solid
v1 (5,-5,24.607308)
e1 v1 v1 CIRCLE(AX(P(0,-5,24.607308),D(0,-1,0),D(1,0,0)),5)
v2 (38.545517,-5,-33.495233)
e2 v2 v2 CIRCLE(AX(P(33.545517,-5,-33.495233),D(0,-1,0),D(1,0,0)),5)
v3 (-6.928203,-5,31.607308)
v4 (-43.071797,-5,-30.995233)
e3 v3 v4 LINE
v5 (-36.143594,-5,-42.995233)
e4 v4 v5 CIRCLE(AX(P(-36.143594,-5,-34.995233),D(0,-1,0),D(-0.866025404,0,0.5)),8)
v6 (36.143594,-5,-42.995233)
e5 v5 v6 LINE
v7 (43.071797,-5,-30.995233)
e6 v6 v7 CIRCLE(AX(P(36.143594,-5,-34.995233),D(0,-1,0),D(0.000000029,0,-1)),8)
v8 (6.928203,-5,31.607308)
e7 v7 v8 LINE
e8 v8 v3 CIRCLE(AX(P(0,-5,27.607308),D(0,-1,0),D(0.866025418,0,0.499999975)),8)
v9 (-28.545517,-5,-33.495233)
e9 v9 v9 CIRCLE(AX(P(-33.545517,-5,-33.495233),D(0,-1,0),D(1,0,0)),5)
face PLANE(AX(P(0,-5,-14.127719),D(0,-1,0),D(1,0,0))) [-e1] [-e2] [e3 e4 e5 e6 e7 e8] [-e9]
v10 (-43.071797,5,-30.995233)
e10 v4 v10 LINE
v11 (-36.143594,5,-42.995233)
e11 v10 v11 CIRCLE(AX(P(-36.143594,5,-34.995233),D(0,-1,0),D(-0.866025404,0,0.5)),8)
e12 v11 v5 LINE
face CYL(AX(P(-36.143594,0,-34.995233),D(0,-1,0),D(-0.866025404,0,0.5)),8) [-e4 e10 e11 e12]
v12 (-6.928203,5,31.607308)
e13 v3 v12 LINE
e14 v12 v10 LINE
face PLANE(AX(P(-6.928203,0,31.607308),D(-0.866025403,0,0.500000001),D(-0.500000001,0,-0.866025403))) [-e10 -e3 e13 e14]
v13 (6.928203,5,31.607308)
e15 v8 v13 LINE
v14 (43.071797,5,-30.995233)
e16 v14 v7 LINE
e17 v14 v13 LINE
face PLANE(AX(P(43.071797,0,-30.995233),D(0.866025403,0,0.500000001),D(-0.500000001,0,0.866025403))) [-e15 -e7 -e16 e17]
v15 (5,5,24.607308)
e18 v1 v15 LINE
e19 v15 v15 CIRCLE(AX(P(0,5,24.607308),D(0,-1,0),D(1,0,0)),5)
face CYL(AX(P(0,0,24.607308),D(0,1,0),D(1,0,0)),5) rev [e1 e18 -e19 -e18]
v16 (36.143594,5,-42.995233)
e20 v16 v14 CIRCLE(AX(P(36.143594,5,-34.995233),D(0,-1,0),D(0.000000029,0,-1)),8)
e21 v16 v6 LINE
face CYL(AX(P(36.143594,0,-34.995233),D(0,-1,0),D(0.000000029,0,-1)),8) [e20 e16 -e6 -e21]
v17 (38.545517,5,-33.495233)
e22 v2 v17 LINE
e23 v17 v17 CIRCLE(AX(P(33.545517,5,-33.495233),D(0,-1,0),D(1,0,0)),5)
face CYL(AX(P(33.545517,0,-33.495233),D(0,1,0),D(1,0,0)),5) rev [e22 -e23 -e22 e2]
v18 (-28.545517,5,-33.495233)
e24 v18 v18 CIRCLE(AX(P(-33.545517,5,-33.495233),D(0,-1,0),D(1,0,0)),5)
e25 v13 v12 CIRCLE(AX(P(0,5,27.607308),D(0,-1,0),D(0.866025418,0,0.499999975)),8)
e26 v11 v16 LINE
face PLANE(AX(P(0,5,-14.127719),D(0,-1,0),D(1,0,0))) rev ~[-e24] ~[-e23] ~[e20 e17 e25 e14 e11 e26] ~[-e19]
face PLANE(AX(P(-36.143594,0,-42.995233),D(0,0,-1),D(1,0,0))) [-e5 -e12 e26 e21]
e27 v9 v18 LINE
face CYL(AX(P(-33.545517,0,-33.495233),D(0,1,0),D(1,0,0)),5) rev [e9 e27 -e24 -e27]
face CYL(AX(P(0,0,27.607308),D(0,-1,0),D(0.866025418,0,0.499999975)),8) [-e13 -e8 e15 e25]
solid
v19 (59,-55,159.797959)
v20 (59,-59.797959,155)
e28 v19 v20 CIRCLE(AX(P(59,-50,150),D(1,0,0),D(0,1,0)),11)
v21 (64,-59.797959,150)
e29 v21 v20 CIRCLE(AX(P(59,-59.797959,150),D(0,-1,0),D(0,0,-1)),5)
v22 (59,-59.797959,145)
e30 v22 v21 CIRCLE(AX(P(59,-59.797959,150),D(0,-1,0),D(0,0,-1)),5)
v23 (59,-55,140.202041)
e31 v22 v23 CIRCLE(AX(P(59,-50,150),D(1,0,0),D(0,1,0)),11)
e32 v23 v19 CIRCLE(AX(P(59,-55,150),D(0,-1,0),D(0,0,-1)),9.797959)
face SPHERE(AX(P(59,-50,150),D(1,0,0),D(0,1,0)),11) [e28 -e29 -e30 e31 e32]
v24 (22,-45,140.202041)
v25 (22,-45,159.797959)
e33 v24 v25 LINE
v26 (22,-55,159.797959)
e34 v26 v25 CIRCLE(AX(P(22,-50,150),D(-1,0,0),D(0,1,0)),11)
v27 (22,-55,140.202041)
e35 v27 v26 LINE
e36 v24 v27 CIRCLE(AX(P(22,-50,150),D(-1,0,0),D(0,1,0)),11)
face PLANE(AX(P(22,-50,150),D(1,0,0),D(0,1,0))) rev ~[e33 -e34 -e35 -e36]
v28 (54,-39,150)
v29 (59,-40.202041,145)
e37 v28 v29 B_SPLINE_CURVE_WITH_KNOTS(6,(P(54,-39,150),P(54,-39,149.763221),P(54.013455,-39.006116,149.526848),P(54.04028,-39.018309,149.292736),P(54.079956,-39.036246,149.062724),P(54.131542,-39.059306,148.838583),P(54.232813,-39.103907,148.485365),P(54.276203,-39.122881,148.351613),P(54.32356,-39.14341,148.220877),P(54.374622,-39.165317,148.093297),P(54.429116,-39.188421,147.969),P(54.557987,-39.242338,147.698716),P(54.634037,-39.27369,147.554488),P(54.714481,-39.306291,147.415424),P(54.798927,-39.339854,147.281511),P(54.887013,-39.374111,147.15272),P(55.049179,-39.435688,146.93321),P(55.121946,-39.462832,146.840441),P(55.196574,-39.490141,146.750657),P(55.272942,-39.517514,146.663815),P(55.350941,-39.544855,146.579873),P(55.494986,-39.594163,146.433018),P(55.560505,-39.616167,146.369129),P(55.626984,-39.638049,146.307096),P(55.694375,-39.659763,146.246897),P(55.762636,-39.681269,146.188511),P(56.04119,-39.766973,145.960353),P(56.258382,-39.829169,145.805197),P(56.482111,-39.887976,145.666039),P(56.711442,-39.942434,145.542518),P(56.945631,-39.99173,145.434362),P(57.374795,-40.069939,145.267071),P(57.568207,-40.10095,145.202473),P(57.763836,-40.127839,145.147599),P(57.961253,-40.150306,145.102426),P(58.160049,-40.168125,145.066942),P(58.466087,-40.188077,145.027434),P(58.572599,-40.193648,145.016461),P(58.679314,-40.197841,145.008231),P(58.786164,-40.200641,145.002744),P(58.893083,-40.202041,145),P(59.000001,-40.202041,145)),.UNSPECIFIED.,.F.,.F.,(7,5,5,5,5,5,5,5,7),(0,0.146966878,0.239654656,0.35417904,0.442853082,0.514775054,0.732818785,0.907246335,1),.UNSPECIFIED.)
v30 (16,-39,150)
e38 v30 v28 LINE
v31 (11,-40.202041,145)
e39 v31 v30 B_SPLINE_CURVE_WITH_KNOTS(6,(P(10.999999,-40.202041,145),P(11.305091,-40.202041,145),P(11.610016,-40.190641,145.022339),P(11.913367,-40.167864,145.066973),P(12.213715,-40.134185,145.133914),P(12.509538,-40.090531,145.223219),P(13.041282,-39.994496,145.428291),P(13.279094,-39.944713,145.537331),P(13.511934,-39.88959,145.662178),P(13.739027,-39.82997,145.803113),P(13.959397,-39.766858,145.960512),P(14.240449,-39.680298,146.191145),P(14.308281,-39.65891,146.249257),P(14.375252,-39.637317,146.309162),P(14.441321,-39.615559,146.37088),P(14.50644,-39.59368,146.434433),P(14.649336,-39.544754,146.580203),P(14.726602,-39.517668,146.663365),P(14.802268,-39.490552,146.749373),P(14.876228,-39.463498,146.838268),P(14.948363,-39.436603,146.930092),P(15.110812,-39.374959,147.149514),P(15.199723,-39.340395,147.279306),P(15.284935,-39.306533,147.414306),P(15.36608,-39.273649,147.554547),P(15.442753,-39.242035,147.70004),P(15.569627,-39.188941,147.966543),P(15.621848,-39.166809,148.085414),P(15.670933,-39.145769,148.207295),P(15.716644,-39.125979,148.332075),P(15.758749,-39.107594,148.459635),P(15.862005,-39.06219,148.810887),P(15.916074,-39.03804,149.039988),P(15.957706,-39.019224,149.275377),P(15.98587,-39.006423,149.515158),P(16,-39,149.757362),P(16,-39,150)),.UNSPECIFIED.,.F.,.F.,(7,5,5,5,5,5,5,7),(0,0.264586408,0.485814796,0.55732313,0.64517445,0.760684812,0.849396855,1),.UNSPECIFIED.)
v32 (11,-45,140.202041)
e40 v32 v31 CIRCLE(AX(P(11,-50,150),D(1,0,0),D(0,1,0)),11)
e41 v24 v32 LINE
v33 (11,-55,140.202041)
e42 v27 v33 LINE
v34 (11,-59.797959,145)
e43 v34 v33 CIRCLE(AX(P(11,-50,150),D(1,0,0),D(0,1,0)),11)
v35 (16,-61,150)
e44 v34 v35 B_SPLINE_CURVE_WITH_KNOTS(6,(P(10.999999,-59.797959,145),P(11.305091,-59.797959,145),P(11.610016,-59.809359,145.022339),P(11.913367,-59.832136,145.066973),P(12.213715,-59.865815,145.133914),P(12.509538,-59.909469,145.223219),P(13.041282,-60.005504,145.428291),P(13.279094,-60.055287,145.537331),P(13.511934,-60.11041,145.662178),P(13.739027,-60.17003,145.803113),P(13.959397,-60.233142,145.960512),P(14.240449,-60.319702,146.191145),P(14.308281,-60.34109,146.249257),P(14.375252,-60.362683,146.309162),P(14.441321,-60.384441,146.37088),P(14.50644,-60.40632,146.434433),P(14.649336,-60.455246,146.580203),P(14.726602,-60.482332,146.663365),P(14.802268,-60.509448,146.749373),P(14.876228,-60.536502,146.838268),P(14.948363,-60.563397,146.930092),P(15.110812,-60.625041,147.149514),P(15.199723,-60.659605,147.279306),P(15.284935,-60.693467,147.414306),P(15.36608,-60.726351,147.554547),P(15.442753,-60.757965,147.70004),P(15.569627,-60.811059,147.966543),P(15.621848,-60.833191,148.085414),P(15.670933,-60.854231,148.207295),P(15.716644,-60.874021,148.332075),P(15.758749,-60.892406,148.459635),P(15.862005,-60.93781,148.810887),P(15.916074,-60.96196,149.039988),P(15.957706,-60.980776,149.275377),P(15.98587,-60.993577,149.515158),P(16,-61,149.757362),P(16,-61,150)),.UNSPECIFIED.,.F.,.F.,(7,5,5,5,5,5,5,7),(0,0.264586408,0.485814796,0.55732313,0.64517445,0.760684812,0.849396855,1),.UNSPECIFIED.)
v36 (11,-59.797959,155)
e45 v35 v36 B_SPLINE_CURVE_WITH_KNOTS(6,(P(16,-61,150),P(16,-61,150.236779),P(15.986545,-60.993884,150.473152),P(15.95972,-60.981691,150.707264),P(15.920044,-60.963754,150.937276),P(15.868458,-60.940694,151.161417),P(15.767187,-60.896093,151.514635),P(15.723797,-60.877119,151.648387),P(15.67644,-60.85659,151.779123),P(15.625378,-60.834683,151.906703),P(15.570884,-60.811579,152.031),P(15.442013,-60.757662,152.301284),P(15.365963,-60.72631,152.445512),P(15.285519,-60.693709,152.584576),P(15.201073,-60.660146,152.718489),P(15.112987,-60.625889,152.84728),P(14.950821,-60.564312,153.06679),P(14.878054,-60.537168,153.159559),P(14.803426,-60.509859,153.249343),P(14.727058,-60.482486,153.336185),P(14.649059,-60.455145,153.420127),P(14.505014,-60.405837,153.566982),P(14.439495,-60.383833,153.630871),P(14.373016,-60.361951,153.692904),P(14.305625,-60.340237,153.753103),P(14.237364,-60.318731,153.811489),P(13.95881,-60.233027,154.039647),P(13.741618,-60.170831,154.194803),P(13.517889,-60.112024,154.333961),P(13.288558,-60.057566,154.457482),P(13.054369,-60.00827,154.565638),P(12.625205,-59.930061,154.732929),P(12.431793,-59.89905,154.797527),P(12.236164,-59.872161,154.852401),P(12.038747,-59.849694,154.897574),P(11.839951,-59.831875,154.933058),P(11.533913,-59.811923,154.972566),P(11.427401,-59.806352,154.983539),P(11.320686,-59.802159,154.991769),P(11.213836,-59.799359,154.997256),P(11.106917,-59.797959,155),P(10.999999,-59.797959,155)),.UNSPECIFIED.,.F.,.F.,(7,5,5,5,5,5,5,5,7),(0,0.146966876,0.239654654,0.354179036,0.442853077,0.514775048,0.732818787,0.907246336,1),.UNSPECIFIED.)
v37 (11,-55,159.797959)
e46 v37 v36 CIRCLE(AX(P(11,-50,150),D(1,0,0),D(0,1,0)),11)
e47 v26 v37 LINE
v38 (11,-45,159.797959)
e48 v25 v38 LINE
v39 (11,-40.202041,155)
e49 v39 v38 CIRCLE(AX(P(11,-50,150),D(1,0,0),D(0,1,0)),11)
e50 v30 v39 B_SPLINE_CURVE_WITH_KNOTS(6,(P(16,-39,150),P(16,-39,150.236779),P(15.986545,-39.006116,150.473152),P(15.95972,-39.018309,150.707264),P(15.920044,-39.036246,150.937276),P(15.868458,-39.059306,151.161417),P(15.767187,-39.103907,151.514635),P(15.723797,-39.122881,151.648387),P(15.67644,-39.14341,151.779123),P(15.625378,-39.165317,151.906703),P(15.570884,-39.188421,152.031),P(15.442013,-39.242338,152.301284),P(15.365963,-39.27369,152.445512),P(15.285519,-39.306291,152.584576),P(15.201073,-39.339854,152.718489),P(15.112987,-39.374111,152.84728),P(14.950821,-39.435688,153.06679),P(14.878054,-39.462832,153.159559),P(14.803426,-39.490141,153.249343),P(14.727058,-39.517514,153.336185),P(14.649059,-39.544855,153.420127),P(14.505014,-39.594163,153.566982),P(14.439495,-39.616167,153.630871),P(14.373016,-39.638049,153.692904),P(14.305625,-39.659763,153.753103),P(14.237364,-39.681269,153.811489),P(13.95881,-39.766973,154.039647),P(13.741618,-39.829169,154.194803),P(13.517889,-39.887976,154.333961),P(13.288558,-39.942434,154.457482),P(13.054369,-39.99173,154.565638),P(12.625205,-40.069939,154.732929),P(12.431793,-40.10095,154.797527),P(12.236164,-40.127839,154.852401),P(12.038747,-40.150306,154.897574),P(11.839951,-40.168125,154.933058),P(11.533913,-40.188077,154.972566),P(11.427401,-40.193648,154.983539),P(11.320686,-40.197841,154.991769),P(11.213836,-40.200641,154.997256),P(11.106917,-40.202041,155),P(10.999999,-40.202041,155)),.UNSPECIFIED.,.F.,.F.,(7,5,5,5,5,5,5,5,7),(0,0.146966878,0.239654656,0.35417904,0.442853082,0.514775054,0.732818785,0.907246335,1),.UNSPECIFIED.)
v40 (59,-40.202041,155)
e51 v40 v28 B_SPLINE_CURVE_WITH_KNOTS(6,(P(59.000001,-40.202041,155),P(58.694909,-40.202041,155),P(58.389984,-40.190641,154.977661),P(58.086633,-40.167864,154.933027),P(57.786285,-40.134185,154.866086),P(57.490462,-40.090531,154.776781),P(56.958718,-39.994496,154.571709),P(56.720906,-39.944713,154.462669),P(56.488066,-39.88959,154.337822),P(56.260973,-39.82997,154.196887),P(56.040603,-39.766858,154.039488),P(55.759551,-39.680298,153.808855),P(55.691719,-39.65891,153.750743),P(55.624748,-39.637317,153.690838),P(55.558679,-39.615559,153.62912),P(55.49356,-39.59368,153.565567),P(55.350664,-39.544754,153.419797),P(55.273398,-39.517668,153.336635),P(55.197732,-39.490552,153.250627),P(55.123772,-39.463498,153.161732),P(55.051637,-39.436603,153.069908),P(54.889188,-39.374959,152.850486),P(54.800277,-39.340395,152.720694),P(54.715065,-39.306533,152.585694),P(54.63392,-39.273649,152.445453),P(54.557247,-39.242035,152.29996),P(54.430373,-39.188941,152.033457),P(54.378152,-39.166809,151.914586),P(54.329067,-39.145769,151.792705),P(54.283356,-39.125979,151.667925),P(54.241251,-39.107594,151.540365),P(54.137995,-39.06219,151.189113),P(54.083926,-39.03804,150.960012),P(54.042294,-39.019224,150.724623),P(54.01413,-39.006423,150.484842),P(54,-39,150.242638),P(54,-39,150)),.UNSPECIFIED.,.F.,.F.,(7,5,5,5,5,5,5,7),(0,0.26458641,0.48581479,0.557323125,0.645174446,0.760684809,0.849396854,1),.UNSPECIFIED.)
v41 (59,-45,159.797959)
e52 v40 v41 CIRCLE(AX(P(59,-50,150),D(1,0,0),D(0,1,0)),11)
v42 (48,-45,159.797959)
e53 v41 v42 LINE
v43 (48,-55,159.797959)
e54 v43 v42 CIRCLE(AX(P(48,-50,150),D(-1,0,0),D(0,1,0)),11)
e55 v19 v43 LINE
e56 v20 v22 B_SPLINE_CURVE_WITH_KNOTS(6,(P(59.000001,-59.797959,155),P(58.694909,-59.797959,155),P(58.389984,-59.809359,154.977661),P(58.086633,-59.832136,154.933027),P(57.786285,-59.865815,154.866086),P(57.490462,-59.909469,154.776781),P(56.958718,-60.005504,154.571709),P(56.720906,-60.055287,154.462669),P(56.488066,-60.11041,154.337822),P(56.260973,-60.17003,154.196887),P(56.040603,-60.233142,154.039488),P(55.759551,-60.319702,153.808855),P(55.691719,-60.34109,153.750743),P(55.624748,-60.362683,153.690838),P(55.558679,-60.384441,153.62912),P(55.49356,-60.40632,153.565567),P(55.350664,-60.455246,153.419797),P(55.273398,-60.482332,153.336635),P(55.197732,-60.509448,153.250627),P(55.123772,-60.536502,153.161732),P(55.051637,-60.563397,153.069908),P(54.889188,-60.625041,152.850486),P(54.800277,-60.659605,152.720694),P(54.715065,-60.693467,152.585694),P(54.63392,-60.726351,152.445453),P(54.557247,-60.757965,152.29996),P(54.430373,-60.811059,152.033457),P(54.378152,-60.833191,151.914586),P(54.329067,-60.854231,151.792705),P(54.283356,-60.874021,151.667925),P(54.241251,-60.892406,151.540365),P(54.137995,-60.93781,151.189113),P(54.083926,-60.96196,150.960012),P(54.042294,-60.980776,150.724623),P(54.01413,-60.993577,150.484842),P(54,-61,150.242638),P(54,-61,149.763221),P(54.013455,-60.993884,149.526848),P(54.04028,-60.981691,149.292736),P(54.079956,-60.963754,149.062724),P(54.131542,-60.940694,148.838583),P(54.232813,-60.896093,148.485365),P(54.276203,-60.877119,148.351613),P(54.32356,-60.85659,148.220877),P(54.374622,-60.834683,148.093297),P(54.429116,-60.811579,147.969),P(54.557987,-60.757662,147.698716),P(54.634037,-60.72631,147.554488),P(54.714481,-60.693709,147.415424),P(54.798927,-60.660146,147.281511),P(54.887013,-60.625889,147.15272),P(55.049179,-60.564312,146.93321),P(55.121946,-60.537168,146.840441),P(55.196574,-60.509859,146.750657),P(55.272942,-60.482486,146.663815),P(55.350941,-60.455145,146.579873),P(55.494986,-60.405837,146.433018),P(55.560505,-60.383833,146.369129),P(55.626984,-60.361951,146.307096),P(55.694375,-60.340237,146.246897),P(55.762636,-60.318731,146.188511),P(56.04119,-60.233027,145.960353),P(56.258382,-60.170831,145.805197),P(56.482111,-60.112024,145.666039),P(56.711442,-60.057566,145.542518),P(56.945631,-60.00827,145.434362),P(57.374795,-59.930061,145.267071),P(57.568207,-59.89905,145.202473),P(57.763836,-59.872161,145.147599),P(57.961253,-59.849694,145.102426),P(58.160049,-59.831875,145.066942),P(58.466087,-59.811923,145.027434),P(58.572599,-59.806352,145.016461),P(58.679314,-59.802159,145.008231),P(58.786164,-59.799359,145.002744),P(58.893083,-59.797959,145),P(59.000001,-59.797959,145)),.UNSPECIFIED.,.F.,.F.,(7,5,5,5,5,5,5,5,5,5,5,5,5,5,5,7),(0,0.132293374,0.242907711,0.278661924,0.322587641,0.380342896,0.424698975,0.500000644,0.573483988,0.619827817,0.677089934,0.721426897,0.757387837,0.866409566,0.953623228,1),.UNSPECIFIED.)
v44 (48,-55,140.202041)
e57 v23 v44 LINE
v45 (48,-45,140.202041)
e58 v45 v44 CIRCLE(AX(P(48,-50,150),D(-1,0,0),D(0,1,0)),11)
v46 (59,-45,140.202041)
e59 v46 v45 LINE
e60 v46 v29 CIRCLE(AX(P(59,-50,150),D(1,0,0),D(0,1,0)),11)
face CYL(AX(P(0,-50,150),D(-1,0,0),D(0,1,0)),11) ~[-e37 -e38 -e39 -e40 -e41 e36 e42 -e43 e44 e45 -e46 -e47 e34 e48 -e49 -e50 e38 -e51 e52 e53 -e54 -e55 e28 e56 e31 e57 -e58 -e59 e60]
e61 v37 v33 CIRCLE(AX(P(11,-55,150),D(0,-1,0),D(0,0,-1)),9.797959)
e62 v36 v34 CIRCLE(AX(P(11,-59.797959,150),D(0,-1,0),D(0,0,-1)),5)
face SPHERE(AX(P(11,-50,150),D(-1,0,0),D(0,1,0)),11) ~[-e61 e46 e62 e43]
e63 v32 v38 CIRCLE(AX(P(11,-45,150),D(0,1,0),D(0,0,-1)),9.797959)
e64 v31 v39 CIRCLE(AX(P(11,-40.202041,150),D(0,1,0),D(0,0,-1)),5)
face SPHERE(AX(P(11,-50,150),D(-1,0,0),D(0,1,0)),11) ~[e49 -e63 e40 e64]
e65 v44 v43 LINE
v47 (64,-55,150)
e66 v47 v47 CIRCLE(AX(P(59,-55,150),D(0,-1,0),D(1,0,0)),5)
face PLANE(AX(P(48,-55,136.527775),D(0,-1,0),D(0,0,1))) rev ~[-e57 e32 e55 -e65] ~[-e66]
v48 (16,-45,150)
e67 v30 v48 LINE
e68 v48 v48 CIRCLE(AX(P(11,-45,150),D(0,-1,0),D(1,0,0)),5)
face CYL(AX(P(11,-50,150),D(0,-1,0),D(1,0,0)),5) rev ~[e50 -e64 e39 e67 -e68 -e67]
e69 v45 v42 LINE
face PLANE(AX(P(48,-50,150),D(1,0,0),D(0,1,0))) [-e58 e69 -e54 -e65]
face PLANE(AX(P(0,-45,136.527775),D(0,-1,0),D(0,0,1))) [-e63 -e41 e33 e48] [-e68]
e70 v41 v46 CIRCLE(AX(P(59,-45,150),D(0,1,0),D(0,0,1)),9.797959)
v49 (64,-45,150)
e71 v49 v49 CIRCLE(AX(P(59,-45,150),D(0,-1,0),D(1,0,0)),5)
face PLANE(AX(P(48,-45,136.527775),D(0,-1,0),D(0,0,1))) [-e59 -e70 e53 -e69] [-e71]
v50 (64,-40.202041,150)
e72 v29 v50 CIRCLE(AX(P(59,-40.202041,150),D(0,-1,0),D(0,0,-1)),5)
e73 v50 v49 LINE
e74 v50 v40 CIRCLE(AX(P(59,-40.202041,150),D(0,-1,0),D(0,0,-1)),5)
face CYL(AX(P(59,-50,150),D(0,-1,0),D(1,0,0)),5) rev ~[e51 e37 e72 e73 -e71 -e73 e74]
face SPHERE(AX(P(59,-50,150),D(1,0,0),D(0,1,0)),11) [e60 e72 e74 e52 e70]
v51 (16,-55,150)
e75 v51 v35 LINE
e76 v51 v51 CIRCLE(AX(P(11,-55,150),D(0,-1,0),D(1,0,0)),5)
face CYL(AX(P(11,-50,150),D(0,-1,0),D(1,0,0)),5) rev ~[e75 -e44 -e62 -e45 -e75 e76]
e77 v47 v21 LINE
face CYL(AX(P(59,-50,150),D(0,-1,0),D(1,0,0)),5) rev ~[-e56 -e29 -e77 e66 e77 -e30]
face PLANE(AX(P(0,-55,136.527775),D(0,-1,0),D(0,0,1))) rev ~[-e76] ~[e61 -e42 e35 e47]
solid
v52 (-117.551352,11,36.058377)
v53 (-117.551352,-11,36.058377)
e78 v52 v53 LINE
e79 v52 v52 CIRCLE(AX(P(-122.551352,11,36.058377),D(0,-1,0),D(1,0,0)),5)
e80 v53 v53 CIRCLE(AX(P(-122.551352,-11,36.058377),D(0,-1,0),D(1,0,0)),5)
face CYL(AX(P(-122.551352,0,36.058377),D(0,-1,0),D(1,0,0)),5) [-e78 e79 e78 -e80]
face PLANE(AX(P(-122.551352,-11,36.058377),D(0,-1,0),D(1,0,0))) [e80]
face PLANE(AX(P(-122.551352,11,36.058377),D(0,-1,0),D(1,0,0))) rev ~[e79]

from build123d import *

# Parameters (mm, degrees)
F0_R      = 5
F1_DEPTH  = 5
F2_R      = 11
F3_DEPTH  = 70
F4_R      = 11
F5_R      = 5
F6_DEPTH  = 12.5
F12_W     = 10
F12_H     = 26.94445
F13_DEPTH = 22
F16_R     = 5
F17_DEPTH = 11


with BuildPart() as f1:
    # F0 (on Front) → F1 (new body, symmetric)
    with BuildSketch(Plane.XZ):
        with BuildLine():
            ThreePointArc((-43.071797, -30.995233), (-43.071797, -38.995233), (-36.143594, -42.995233))
            Line((-36.143594, -42.995233), (36.143594, -42.995233))
            ThreePointArc((36.143594, -42.995233), (43.071797, -38.995233), (43.071797, -30.995233))
            Line((43.071797, -30.995233), (6.928203, 31.607308))
            ThreePointArc((6.928203, 31.607308), (0, 35.607308), (-6.928203, 31.607308))
            Line((-6.928203, 31.607308), (-43.071797, -30.995233))
        make_face()
        with Locations((-33.545517, -33.495233)):
            Circle(F0_R, mode=Mode.SUBTRACT)
        with Locations((33.545517, -33.495233)):
            Circle(F0_R, mode=Mode.SUBTRACT)
        with Locations((0, 24.607308)):
            Circle(F0_R, mode=Mode.SUBTRACT)
    extrude(amount=F1_DEPTH, both=True)


with BuildPart() as f3:
    # F2 (on Right) → F3 (new body)
    with BuildSketch(Plane.YZ):
        with Locations((-50, 150)):
            Circle(F2_R)
    extrude(amount=F3_DEPTH)

    # F4
    f4_edges = [f3.edges().sort_by_distance(p)[0] for p in [
        (70, -61, 150),
        (0, -61, 150),
    ]]
    fillet(f4_edges, radius=F4_R)


with BuildPart() as f6:
    # F5 (on Front) → F6 (new body, symmetric)
    with BuildSketch(Plane.XZ):
        with Locations((11, 150)):
            Circle(F5_R)
    extrude(amount=F6_DEPTH, both=True)


with BuildPart() as f7_1:
    # F7: copy of F6
    add(f6.part)


with BuildPart() as f6_1:
    # F9: moved
    add(f6.part.moved(Location((0, -50, 0))))


with BuildPart() as f10_1:
    # F10: copy of F6
    add(f6_1.part.moved(Location((48, 0, 0))))


with BuildPart() as f3_1:
    add(f3.part)

    # F11: cut F6, F10_1
    add(f6_1.part, mode=Mode.SUBTRACT)
    add(f10_1.part, mode=Mode.SUBTRACT)


with BuildPart() as f13:
    # F12 (on Right) → F13 (new body)
    with BuildSketch(Plane.YZ):
        with Locations((-50, 150)):
            Rectangle(F12_W, F12_H)
    extrude(amount=F13_DEPTH)


with BuildPart() as f14_1:
    # F14: copy of F13
    add(f13.part.moved(Location((48, 0, 0))))


with BuildPart() as f3_2:
    add(f3_1.part)

    # F15: cut F13, F14_1
    add(f13.part, mode=Mode.SUBTRACT)
    add(f14_1.part, mode=Mode.SUBTRACT)


with BuildPart() as f17:
    # F16 (on Front) → F17 (new body, symmetric)
    with BuildSketch(Plane.XZ):
        with Locations((-122.551352, 36.058377)):
            Circle(F16_R)
    extrude(amount=F17_DEPTH, both=True)


solid = Compound([f1.part, f3_2.part, f17.part])
